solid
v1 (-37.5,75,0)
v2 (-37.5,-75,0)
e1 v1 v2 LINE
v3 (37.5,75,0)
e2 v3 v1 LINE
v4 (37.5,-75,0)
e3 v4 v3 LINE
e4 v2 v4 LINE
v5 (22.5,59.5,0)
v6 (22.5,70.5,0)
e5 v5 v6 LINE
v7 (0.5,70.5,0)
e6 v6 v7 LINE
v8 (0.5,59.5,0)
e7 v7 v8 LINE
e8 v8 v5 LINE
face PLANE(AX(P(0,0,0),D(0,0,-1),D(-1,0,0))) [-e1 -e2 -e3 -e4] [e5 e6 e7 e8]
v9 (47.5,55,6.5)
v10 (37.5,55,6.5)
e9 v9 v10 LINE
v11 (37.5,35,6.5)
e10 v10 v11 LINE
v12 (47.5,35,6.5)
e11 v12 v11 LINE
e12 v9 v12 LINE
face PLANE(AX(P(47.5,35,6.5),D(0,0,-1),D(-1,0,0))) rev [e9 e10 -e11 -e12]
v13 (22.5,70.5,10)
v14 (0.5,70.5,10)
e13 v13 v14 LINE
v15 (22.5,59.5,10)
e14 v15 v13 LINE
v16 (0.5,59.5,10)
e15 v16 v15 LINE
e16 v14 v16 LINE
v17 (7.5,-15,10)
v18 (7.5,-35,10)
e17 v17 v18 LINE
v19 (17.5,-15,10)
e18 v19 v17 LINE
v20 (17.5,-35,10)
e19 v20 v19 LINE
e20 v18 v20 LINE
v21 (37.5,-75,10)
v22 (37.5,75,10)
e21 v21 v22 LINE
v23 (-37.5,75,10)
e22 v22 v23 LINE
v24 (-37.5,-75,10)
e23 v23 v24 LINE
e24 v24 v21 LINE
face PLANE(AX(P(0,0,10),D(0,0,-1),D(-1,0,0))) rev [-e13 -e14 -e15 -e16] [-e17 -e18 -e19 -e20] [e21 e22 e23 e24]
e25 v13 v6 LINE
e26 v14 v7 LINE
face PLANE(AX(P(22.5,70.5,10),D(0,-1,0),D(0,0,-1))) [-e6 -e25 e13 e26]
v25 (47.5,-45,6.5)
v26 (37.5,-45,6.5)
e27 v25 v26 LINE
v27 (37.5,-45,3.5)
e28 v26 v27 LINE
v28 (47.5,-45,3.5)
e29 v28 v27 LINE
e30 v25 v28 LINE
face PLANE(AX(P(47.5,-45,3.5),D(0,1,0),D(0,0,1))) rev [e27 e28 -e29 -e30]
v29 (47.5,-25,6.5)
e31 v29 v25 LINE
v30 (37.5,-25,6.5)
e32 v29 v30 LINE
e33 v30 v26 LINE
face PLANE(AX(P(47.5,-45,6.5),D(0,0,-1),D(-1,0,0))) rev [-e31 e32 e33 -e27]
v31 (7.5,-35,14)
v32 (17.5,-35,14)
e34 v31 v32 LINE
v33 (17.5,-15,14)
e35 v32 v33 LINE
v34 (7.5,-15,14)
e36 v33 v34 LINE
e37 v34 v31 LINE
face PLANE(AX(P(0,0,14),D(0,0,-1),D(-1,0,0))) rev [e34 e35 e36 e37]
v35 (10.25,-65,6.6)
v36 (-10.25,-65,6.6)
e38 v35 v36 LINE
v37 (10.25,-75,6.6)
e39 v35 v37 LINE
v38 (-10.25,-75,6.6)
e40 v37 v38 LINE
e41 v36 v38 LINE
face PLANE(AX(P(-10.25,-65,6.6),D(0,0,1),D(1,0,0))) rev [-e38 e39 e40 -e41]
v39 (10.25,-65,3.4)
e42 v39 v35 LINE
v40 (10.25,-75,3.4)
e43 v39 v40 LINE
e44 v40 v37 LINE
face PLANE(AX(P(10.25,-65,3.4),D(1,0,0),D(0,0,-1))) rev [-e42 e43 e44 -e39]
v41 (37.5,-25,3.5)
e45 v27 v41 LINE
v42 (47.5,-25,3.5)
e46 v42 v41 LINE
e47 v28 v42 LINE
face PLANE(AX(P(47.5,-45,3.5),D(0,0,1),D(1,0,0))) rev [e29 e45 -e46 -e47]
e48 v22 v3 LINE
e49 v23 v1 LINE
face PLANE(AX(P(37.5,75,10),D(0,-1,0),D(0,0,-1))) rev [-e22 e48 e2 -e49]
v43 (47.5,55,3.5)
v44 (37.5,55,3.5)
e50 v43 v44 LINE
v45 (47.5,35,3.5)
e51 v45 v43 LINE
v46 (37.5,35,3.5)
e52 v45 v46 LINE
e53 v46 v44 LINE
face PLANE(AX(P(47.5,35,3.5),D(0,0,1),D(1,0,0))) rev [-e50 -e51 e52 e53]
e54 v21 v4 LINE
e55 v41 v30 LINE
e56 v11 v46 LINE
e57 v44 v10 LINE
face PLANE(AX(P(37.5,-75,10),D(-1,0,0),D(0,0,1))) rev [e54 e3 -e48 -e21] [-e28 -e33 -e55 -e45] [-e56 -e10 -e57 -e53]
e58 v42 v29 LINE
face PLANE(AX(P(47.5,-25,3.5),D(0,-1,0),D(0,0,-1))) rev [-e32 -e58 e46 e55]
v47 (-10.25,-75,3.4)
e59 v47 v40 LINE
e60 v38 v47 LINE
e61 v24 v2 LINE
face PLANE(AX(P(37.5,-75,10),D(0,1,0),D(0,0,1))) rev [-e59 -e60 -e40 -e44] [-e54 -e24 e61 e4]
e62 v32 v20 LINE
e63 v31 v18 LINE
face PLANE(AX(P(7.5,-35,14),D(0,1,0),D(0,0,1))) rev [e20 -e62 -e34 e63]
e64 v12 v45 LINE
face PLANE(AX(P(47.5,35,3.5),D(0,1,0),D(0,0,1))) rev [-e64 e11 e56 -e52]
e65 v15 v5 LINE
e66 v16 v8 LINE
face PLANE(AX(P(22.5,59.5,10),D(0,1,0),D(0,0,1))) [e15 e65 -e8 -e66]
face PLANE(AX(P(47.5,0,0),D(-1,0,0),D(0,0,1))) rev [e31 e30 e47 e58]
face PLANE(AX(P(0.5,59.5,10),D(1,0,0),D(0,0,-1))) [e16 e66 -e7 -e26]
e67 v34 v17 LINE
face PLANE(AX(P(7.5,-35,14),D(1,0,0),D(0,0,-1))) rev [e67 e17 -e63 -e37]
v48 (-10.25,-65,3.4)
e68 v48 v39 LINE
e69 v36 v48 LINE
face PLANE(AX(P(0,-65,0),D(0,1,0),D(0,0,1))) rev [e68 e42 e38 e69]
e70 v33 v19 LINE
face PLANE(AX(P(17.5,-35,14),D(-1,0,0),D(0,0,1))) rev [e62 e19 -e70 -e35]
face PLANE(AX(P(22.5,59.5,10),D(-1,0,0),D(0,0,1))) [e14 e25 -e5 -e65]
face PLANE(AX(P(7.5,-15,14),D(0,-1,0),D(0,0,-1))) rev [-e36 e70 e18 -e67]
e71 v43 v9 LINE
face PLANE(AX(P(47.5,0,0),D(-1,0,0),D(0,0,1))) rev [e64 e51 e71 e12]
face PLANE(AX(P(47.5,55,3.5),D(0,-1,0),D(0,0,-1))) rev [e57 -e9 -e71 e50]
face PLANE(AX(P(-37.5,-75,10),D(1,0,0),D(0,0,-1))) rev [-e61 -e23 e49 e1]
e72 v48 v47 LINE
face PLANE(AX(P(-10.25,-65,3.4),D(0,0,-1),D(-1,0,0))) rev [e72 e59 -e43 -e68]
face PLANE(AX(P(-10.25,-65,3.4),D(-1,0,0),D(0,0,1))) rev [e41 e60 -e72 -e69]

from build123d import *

# Parameters (mm, degrees)
SKETCH1_W           = 150
SKETCH1_H           = 75
SKETCH1_W_2         = 11
SKETCH1_H_2         = 22
BOSS_EXTRUDE1_DEPTH = 10
SKETCH2_W           = 10
SKETCH2_H           = 20
BOSS_EXTRUDE2_DEPTH = 4
SKETCH3_W           = 20
SKETCH3_H           = 3
BOSS_EXTRUDE3_DEPTH = 10
SKETCH4_W           = 20.5
SKETCH4_H           = 3.2
CUT_EXTRUDE1_DEPTH  = 10


with BuildPart() as part:
    # Sketch1 → Boss-Extrude1 (new body)
    with BuildSketch(Plane(origin=(0, 0, 0), x_dir=(0, 1, 0), z_dir=(0, 0, 1))):
        Rectangle(SKETCH1_W, SKETCH1_H)
        with Locations((65, -11.5)):
            Rectangle(SKETCH1_W_2, SKETCH1_H_2, mode=Mode.SUBTRACT)
    extrude(amount=BOSS_EXTRUDE1_DEPTH)

    # Sketch2 → Boss-Extrude2 (add)
    with BuildSketch(Plane.XY.offset(10)):
        with Locations((12.5, -25)):
            Rectangle(SKETCH2_W, SKETCH2_H)
    extrude(amount=BOSS_EXTRUDE2_DEPTH)

    # Sketch3 → Boss-Extrude3 (add)
    with BuildSketch(Plane.YZ.offset(37.5)):
        with Locations((45, 5)):
            Rectangle(SKETCH3_W, SKETCH3_H)
        with Locations((-35, 5)):
            Rectangle(SKETCH3_W, SKETCH3_H)
    extrude(amount=BOSS_EXTRUDE3_DEPTH)

    # Sketch4 → Cut-Extrude1 (cut)
    with BuildSketch(Plane.XZ.offset(75)):
        with Locations((0, 5)):
            Rectangle(SKETCH4_W, SKETCH4_H)
    extrude(amount=-CUT_EXTRUDE1_DEPTH, mode=Mode.SUBTRACT)


solid = part.part
